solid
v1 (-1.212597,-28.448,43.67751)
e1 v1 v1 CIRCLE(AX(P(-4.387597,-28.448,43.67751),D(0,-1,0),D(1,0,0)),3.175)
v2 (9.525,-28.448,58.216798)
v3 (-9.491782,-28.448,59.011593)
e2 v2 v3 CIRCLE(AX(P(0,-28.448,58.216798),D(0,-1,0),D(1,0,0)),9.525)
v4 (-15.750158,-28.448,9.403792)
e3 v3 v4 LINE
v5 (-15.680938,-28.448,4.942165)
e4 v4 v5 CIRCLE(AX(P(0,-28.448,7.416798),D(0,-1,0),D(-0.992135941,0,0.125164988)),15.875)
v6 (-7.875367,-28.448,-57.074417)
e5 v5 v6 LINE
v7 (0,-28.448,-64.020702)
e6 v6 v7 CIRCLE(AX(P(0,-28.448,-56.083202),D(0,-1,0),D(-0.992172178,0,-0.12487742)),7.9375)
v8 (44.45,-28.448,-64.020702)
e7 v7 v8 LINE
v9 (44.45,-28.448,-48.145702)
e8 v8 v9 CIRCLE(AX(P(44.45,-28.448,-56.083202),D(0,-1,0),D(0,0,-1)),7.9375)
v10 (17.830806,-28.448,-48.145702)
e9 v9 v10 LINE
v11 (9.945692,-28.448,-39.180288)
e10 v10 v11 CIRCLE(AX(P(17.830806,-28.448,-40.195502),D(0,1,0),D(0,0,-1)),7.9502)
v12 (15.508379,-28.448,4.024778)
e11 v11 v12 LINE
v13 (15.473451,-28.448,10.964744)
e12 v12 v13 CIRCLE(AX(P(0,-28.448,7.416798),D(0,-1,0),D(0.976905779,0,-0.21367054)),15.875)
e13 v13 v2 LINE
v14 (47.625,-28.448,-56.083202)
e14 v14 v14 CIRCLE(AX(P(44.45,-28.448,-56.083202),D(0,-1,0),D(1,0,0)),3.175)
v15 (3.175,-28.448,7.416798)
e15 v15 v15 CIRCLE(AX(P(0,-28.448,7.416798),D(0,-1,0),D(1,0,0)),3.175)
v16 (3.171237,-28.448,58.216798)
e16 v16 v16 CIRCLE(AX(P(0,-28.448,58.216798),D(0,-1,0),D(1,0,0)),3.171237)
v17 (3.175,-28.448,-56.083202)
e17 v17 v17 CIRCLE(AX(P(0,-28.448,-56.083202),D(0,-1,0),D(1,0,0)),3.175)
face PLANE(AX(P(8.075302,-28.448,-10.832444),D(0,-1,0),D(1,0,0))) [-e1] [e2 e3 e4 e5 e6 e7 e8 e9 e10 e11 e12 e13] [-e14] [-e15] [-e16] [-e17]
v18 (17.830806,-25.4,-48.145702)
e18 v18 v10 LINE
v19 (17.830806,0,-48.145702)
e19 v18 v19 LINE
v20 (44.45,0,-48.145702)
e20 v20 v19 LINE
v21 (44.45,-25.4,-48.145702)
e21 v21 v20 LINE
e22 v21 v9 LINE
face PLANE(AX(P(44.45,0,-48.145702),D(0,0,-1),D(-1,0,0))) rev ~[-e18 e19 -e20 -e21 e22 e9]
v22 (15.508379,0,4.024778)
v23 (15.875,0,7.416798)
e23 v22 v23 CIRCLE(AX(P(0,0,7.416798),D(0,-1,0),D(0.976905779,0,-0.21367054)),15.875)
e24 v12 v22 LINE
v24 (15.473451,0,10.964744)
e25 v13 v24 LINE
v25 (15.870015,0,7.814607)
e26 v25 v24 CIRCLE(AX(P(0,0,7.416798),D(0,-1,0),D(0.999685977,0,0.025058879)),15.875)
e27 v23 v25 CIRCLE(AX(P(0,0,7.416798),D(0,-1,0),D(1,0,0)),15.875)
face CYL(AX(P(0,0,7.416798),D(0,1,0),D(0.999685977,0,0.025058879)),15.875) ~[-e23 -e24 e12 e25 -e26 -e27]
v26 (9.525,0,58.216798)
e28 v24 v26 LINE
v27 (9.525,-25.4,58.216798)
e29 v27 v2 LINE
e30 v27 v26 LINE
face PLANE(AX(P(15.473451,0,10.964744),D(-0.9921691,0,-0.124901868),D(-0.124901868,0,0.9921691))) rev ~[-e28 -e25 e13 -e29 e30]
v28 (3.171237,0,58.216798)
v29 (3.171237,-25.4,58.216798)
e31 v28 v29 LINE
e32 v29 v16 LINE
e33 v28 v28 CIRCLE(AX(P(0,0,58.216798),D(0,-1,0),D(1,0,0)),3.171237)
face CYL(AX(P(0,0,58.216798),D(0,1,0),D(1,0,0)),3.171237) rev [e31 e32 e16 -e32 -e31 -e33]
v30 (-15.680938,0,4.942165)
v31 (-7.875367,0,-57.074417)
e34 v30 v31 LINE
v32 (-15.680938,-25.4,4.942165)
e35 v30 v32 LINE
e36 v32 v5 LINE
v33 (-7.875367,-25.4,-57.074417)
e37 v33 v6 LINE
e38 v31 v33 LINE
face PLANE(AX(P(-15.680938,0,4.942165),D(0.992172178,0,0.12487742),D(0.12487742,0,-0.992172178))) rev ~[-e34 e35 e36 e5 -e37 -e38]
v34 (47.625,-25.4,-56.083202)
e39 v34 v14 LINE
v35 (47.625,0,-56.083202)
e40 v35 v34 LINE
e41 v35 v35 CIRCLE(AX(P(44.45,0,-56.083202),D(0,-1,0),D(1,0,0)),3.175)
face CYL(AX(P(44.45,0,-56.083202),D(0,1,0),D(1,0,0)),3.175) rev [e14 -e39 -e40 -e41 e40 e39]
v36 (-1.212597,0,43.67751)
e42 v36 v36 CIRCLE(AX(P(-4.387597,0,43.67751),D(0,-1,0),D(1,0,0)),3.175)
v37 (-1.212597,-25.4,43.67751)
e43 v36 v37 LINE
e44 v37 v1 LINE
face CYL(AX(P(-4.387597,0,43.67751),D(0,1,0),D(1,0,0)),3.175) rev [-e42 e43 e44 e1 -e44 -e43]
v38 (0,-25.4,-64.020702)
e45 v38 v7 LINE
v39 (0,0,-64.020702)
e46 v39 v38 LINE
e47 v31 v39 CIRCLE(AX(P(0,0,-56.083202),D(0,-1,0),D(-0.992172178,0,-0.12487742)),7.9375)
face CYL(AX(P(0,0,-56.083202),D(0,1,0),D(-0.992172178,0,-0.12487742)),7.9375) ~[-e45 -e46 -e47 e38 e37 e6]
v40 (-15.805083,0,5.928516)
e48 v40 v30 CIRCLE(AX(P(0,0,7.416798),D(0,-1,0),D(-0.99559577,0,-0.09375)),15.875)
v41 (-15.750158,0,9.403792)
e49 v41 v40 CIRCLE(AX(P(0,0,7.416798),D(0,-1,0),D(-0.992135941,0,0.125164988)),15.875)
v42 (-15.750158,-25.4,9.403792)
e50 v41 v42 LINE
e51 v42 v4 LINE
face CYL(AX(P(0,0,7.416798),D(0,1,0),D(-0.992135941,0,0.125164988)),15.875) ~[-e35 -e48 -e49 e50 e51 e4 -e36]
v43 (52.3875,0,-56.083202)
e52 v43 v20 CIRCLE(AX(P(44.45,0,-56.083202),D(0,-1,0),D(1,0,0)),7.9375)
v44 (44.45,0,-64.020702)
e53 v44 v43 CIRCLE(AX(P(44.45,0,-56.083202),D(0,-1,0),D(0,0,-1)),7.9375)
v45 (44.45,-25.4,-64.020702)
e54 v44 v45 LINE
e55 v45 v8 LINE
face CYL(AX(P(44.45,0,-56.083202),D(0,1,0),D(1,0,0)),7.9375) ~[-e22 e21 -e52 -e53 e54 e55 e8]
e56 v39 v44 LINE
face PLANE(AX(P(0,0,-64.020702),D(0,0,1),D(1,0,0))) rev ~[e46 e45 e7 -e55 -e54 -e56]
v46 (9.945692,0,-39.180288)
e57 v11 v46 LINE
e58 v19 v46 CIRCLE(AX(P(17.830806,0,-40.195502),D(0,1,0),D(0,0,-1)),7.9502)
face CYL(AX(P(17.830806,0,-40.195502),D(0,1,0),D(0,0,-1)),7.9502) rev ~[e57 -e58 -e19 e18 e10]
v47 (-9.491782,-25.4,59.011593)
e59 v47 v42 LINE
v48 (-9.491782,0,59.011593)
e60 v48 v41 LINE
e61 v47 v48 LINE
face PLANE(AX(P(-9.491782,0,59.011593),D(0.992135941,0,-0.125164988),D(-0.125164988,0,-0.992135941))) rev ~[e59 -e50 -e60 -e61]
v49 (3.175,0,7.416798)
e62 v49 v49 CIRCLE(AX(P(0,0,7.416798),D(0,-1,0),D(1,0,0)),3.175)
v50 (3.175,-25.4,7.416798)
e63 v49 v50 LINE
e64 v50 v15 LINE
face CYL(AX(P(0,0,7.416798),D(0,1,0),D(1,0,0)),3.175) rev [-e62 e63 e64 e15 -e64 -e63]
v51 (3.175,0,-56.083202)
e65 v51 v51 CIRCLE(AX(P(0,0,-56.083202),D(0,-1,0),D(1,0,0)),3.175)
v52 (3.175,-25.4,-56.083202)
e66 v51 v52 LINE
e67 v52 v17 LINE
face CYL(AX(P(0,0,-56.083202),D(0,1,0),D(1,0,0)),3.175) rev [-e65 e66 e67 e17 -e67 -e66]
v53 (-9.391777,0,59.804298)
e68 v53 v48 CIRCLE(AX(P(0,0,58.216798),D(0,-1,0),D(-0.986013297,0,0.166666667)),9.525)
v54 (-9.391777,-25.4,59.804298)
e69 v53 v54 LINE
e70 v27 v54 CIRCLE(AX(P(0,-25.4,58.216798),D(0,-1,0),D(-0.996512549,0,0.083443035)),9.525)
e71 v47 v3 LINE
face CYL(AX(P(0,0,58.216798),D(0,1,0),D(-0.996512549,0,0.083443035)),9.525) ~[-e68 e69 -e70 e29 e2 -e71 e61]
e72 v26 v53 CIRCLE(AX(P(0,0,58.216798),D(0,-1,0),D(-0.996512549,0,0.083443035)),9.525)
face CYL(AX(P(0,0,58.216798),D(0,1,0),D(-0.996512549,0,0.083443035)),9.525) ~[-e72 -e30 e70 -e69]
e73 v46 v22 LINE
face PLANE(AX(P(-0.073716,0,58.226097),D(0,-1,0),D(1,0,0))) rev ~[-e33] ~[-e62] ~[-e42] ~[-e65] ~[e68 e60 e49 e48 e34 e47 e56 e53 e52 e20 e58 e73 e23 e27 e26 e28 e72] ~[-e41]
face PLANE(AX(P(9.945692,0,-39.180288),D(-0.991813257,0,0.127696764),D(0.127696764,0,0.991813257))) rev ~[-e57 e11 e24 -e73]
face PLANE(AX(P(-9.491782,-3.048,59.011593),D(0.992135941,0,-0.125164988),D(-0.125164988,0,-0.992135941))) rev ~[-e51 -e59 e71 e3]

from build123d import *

# Parameters (mm, degrees)
F0_R        = 3.1712374005
F0_R_2      = 3.175
F1_DEPTH    = 3.048
F2_DEPTH    = 3.048
F3_DEPTH    = 3.048
F1_FACE_R   = 3.1712374005
F1_FACE_R_2 = 3.175
F4_DEPTH    = 25.4


with BuildPart() as f1:
    # F0 (on Front) → F1 (new body)
    with BuildSketch(Plane.XZ):
        with BuildLine():
            ThreePointArc((-9.4917820271, 59.0115925485), (-0.3977443851, 48.7001057545), (9.525, 58.2167976379))
            ThreePointArc((9.525, 58.2167976379), (0.7965401292, 67.7084333675), (-9.3917766557, 59.8042976379))
            Line((-9.3917766557, 59.8042976379), (-9.4917820271, 59.0115925485))
        make_face()
        with Locations((0, 58.2167976379)):
            Circle(F0_R, mode=Mode.SUBTRACT)
        with BuildLine():
            Line((15.4734514542, 10.9647442403), (9.525, 58.2167976379))
            ThreePointArc((9.525, 58.2167976379), (-0.3977443851, 48.7001057545), (-9.4917820271, 59.0115925485))
            Line((-9.4917820271, 59.0115925485), (-15.7501580655, 9.4037918285))
            ThreePointArc((-15.7501580655, 9.4037918285), (-0.7926441479, 23.2719967933), (15.4734514542, 10.9647442403))
        make_face()
        with Locations((-4.3875967011, 43.6775095756)):
            Circle(F0_R_2, mode=Mode.SUBTRACT)
        with BuildLine():
            Line((-9.4917820271, 59.0115925485), (-9.3917766557, 59.8042976379))
            ThreePointArc((-9.3917766557, 59.8042976379), (-9.4500948393, 59.4089941523), (-9.4917820271, 59.0115925485))
        make_face()
        with BuildLine():
            Line((15.8700148845, 7.8146073471), (15.4734514542, 10.9647442403))
            ThreePointArc((15.4734514542, 10.9647442403), (-0.7926441479, 23.2719967933), (-15.7501580655, 9.4037918285))
            ThreePointArc((-15.7501580655, 9.4037918285), (-15.8730177398, 7.6676618089), (-15.8050828508, 5.9285163879))
            Line((-15.8050828508, 5.9285163879), (-15.6809380298, 4.942164836))
            ThreePointArc((-15.6809380298, 4.942164836), (-0.466737478, -8.4513396543), (15.5083792346, 4.0247778098))
            ThreePointArc((15.5083792346, 4.0247778098), (15.7830786818, 5.7109100903), (15.875, 7.4167976379))
            ThreePointArc((15.875, 7.4167976379), (15.8737536722, 7.6157181095), (15.8700148845, 7.8146073471))
        make_face()
        with Locations((0, 7.4167976379)):
            Circle(F0_R_2, mode=Mode.SUBTRACT)
        with BuildLine():
            ThreePointArc((15.8700148845, 7.8146073471), (15.7506844659, 9.3996147894), (15.4734514542, 10.9647442403))
            Line((15.4734514542, 10.9647442403), (15.8700148845, 7.8146073471))
        make_face()
        with BuildLine():
            Line((-15.6809380298, 4.942164836), (-15.8050828508, 5.9285163879))
            ThreePointArc((-15.8050828508, 5.9285163879), (-15.7507333185, 5.43436859), (-15.6809380298, 4.942164836))
        make_face()
        with BuildLine():
            ThreePointArc((15.5083792346, 4.0247778098), (-0.466737478, -8.4513396543), (-15.6809380298, 4.942164836))
            Line((-15.6809380298, 4.942164836), (-7.8753666592, -57.074416886))
            ThreePointArc((-7.8753666592, -57.074416886), (-0.4965799997, -48.1612509261), (7.9375, -56.0832023621))
            ThreePointArc((7.9375, -56.0832023621), (5.6126600757, -61.6958624377), (0, -64.0207023621))
            Line((0, -64.0207023621), (44.45, -64.0207023621))
            ThreePointArc((44.45, -64.0207023621), (36.5125, -56.0832023621), (44.45, -48.1457023621))
            Line((44.45, -48.1457023621), (17.8308056521, -48.1457023621))
            ThreePointArc((17.8308056521, -48.1457023621), (11.8610133248, -45.4459556386), (9.9456918977, -39.1802875471))
            Line((9.9456918977, -39.1802875471), (15.5083792346, 4.0247778098))
        make_face()
        with BuildLine():
            ThreePointArc((7.9375, -56.0832023621), (-0.4965799997, -48.1612509261), (-7.8753666592, -57.074416886))
            ThreePointArc((-7.8753666592, -57.074416886), (-5.2505304954, -62.0360030279), (0, -64.0207023621))
            ThreePointArc((0, -64.0207023621), (5.6126600757, -61.6958624377), (7.9375, -56.0832023621))
        make_face()
        with Locations((0, -56.0832023621)):
            Circle(F0_R_2, mode=Mode.SUBTRACT)
        with BuildLine():
            ThreePointArc((44.45, -48.1457023621), (36.5125, -56.0832023621), (44.45, -64.0207023621))
            ThreePointArc((44.45, -64.0207023621), (50.0626600757, -61.6958624377), (52.3875, -56.0832023621))
            ThreePointArc((52.3875, -56.0832023621), (50.0626600757, -50.4705422864), (44.45, -48.1457023621))
        make_face()
        with Locations((44.45, -56.0832023621)):
            Circle(F0_R_2, mode=Mode.SUBTRACT)
    extrude(amount=F1_DEPTH)

    # F0 (on Front) → F2 (join)
    with BuildSketch(Plane.XZ):
        with BuildLine():
            ThreePointArc((-9.4917820271, 59.0115925485), (-0.3977443851, 48.7001057545), (9.525, 58.2167976379))
            ThreePointArc((9.525, 58.2167976379), (0.7965401292, 67.7084333675), (-9.3917766557, 59.8042976379))
            Line((-9.3917766557, 59.8042976379), (-9.4917820271, 59.0115925485))
        make_face()
        with Locations((0, 58.2167976379)):
            Circle(F0_R, mode=Mode.SUBTRACT)
        with BuildLine():
            Line((15.4734514542, 10.9647442403), (9.525, 58.2167976379))
            ThreePointArc((9.525, 58.2167976379), (-0.3977443851, 48.7001057545), (-9.4917820271, 59.0115925485))
            Line((-9.4917820271, 59.0115925485), (-15.7501580655, 9.4037918285))
            ThreePointArc((-15.7501580655, 9.4037918285), (-0.7926441479, 23.2719967933), (15.4734514542, 10.9647442403))
        make_face()
        with Locations((-4.3875967011, 43.6775095756)):
            Circle(F0_R_2, mode=Mode.SUBTRACT)
        with BuildLine():
            Line((-9.4917820271, 59.0115925485), (-9.3917766557, 59.8042976379))
            ThreePointArc((-9.3917766557, 59.8042976379), (-9.4500948393, 59.4089941523), (-9.4917820271, 59.0115925485))
        make_face()
        with BuildLine():
            Line((15.8700148845, 7.8146073471), (15.4734514542, 10.9647442403))
            ThreePointArc((15.4734514542, 10.9647442403), (-0.7926441479, 23.2719967933), (-15.7501580655, 9.4037918285))
            ThreePointArc((-15.7501580655, 9.4037918285), (-15.8730177398, 7.6676618089), (-15.8050828508, 5.9285163879))
            Line((-15.8050828508, 5.9285163879), (-15.6809380298, 4.942164836))
            ThreePointArc((-15.6809380298, 4.942164836), (-0.466737478, -8.4513396543), (15.5083792346, 4.0247778098))
            ThreePointArc((15.5083792346, 4.0247778098), (15.7830786818, 5.7109100903), (15.875, 7.4167976379))
            ThreePointArc((15.875, 7.4167976379), (15.8737536722, 7.6157181095), (15.8700148845, 7.8146073471))
        make_face()
        with Locations((0, 7.4167976379)):
            Circle(F0_R_2, mode=Mode.SUBTRACT)
        with BuildLine():
            ThreePointArc((15.8700148845, 7.8146073471), (15.7506844659, 9.3996147894), (15.4734514542, 10.9647442403))
            Line((15.4734514542, 10.9647442403), (15.8700148845, 7.8146073471))
        make_face()
        with BuildLine():
            Line((-15.6809380298, 4.942164836), (-15.8050828508, 5.9285163879))
            ThreePointArc((-15.8050828508, 5.9285163879), (-15.7507333185, 5.43436859), (-15.6809380298, 4.942164836))
        make_face()
        with BuildLine():
            ThreePointArc((15.5083792346, 4.0247778098), (-0.466737478, -8.4513396543), (-15.6809380298, 4.942164836))
            Line((-15.6809380298, 4.942164836), (-7.8753666592, -57.074416886))
            ThreePointArc((-7.8753666592, -57.074416886), (-0.4965799997, -48.1612509261), (7.9375, -56.0832023621))
            ThreePointArc((7.9375, -56.0832023621), (5.6126600757, -61.6958624377), (0, -64.0207023621))
            Line((0, -64.0207023621), (44.45, -64.0207023621))
            ThreePointArc((44.45, -64.0207023621), (36.5125, -56.0832023621), (44.45, -48.1457023621))
            Line((44.45, -48.1457023621), (17.8308056521, -48.1457023621))
            ThreePointArc((17.8308056521, -48.1457023621), (11.8610133248, -45.4459556386), (9.9456918977, -39.1802875471))
            Line((9.9456918977, -39.1802875471), (15.5083792346, 4.0247778098))
        make_face()
        with BuildLine():
            ThreePointArc((7.9375, -56.0832023621), (-0.4965799997, -48.1612509261), (-7.8753666592, -57.074416886))
            ThreePointArc((-7.8753666592, -57.074416886), (-5.2505304954, -62.0360030279), (0, -64.0207023621))
            ThreePointArc((0, -64.0207023621), (5.6126600757, -61.6958624377), (7.9375, -56.0832023621))
        make_face()
        with Locations((0, -56.0832023621)):
            Circle(F0_R_2, mode=Mode.SUBTRACT)
        with BuildLine():
            ThreePointArc((44.45, -48.1457023621), (36.5125, -56.0832023621), (44.45, -64.0207023621))
            ThreePointArc((44.45, -64.0207023621), (50.0626600757, -61.6958624377), (52.3875, -56.0832023621))
            ThreePointArc((52.3875, -56.0832023621), (50.0626600757, -50.4705422864), (44.45, -48.1457023621))
        make_face()
        with Locations((44.45, -56.0832023621)):
            Circle(F0_R_2, mode=Mode.SUBTRACT)
    extrude(amount=F2_DEPTH)

    # F0 (on Front) → F3 (join)
    with BuildSketch(Plane.XZ):
        with BuildLine():
            ThreePointArc((-9.4917820271, 59.0115925485), (-0.3977443851, 48.7001057545), (9.525, 58.2167976379))
            ThreePointArc((9.525, 58.2167976379), (0.7965401292, 67.7084333675), (-9.3917766557, 59.8042976379))
            Line((-9.3917766557, 59.8042976379), (-9.4917820271, 59.0115925485))
        make_face()
        with Locations((0, 58.2167976379)):
            Circle(F0_R, mode=Mode.SUBTRACT)
        with BuildLine():
            Line((15.4734514542, 10.9647442403), (9.525, 58.2167976379))
            ThreePointArc((9.525, 58.2167976379), (-0.3977443851, 48.7001057545), (-9.4917820271, 59.0115925485))
            Line((-9.4917820271, 59.0115925485), (-15.7501580655, 9.4037918285))
            ThreePointArc((-15.7501580655, 9.4037918285), (-0.7926441479, 23.2719967933), (15.4734514542, 10.9647442403))
        make_face()
        with Locations((-4.3875967011, 43.6775095756)):
            Circle(F0_R_2, mode=Mode.SUBTRACT)
        with BuildLine():
            Line((-9.4917820271, 59.0115925485), (-9.3917766557, 59.8042976379))
            ThreePointArc((-9.3917766557, 59.8042976379), (-9.4500948393, 59.4089941523), (-9.4917820271, 59.0115925485))
        make_face()
        with BuildLine():
            Line((15.8700148845, 7.8146073471), (15.4734514542, 10.9647442403))
            ThreePointArc((15.4734514542, 10.9647442403), (-0.7926441479, 23.2719967933), (-15.7501580655, 9.4037918285))
            ThreePointArc((-15.7501580655, 9.4037918285), (-15.8730177398, 7.6676618089), (-15.8050828508, 5.9285163879))
            Line((-15.8050828508, 5.9285163879), (-15.6809380298, 4.942164836))
            ThreePointArc((-15.6809380298, 4.942164836), (-0.466737478, -8.4513396543), (15.5083792346, 4.0247778098))
            ThreePointArc((15.5083792346, 4.0247778098), (15.7830786818, 5.7109100903), (15.875, 7.4167976379))
            ThreePointArc((15.875, 7.4167976379), (15.8737536722, 7.6157181095), (15.8700148845, 7.8146073471))
        make_face()
        with Locations((0, 7.4167976379)):
            Circle(F0_R_2, mode=Mode.SUBTRACT)
        with BuildLine():
            ThreePointArc((15.8700148845, 7.8146073471), (15.7506844659, 9.3996147894), (15.4734514542, 10.9647442403))
            Line((15.4734514542, 10.9647442403), (15.8700148845, 7.8146073471))
        make_face()
        with BuildLine():
            Line((-15.6809380298, 4.942164836), (-15.8050828508, 5.9285163879))
            ThreePointArc((-15.8050828508, 5.9285163879), (-15.7507333185, 5.43436859), (-15.6809380298, 4.942164836))
        make_face()
        with BuildLine():
            ThreePointArc((15.5083792346, 4.0247778098), (-0.466737478, -8.4513396543), (-15.6809380298, 4.942164836))
            Line((-15.6809380298, 4.942164836), (-7.8753666592, -57.074416886))
            ThreePointArc((-7.8753666592, -57.074416886), (-0.4965799997, -48.1612509261), (7.9375, -56.0832023621))
            ThreePointArc((7.9375, -56.0832023621), (5.6126600757, -61.6958624377), (0, -64.0207023621))
            Line((0, -64.0207023621), (44.45, -64.0207023621))
            ThreePointArc((44.45, -64.0207023621), (36.5125, -56.0832023621), (44.45, -48.1457023621))
            Line((44.45, -48.1457023621), (17.8308056521, -48.1457023621))
            ThreePointArc((17.8308056521, -48.1457023621), (11.8610133248, -45.4459556386), (9.9456918977, -39.1802875471))
            Line((9.9456918977, -39.1802875471), (15.5083792346, 4.0247778098))
        make_face()
        with BuildLine():
            ThreePointArc((7.9375, -56.0832023621), (-0.4965799997, -48.1612509261), (-7.8753666592, -57.074416886))
            ThreePointArc((-7.8753666592, -57.074416886), (-5.2505304954, -62.0360030279), (0, -64.0207023621))
            ThreePointArc((0, -64.0207023621), (5.6126600757, -61.6958624377), (7.9375, -56.0832023621))
        make_face()
        with Locations((0, -56.0832023621)):
            Circle(F0_R_2, mode=Mode.SUBTRACT)
        with BuildLine():
            ThreePointArc((44.45, -48.1457023621), (36.5125, -56.0832023621), (44.45, -64.0207023621))
            ThreePointArc((44.45, -64.0207023621), (50.0626600757, -61.6958624377), (52.3875, -56.0832023621))
            ThreePointArc((52.3875, -56.0832023621), (50.0626600757, -50.4705422864), (44.45, -48.1457023621))
        make_face()
        with Locations((44.45, -56.0832023621)):
            Circle(F0_R_2, mode=Mode.SUBTRACT)
    extrude(amount=F3_DEPTH)

    # F0 (on Front) + F1_face (on face) → F4 (join)
    with BuildSketch(Plane.XZ):
        with BuildLine():
            ThreePointArc((-9.4917820271, 59.0115925485), (-0.3977443851, 48.7001057545), (9.525, 58.2167976379))
            ThreePointArc((9.525, 58.2167976379), (0.7965401292, 67.7084333675), (-9.3917766557, 59.8042976379))
            Line((-9.3917766557, 59.8042976379), (-9.4917820271, 59.0115925485))
        make_face()
        with Locations((0, 58.2167976379)):
            Circle(F0_R, mode=Mode.SUBTRACT)
        with BuildLine():
            Line((15.4734514542, 10.9647442403), (9.525, 58.2167976379))
            ThreePointArc((9.525, 58.2167976379), (-0.3977443851, 48.7001057545), (-9.4917820271, 59.0115925485))
            Line((-9.4917820271, 59.0115925485), (-15.7501580655, 9.4037918285))
            ThreePointArc((-15.7501580655, 9.4037918285), (-0.7926441479, 23.2719967933), (15.4734514542, 10.9647442403))
        make_face()
        with Locations((-4.3875967011, 43.6775095756)):
            Circle(F0_R_2, mode=Mode.SUBTRACT)
        with BuildLine():
            Line((-9.4917820271, 59.0115925485), (-9.3917766557, 59.8042976379))
            ThreePointArc((-9.3917766557, 59.8042976379), (-9.4500948393, 59.4089941523), (-9.4917820271, 59.0115925485))
        make_face()
        with BuildLine():
            Line((15.8700148845, 7.8146073471), (15.4734514542, 10.9647442403))
            ThreePointArc((15.4734514542, 10.9647442403), (-0.7926441479, 23.2719967933), (-15.7501580655, 9.4037918285))
            ThreePointArc((-15.7501580655, 9.4037918285), (-15.8730177398, 7.6676618089), (-15.8050828508, 5.9285163879))
            Line((-15.8050828508, 5.9285163879), (-15.6809380298, 4.942164836))
            ThreePointArc((-15.6809380298, 4.942164836), (-0.466737478, -8.4513396543), (15.5083792346, 4.0247778098))
            ThreePointArc((15.5083792346, 4.0247778098), (15.7830786818, 5.7109100903), (15.875, 7.4167976379))
            ThreePointArc((15.875, 7.4167976379), (15.8737536722, 7.6157181095), (15.8700148845, 7.8146073471))
        make_face()
        with Locations((0, 7.4167976379)):
            Circle(F0_R_2, mode=Mode.SUBTRACT)
        with BuildLine():
            ThreePointArc((15.8700148845, 7.8146073471), (15.7506844659, 9.3996147894), (15.4734514542, 10.9647442403))
            Line((15.4734514542, 10.9647442403), (15.8700148845, 7.8146073471))
        make_face()
        with BuildLine():
            Line((-15.6809380298, 4.942164836), (-15.8050828508, 5.9285163879))
            ThreePointArc((-15.8050828508, 5.9285163879), (-15.7507333185, 5.43436859), (-15.6809380298, 4.942164836))
        make_face()
        with BuildLine():
            ThreePointArc((15.5083792346, 4.0247778098), (-0.466737478, -8.4513396543), (-15.6809380298, 4.942164836))
            Line((-15.6809380298, 4.942164836), (-7.8753666592, -57.074416886))
            ThreePointArc((-7.8753666592, -57.074416886), (-0.4965799997, -48.1612509261), (7.9375, -56.0832023621))
            ThreePointArc((7.9375, -56.0832023621), (5.6126600757, -61.6958624377), (0, -64.0207023621))
            Line((0, -64.0207023621), (44.45, -64.0207023621))
            ThreePointArc((44.45, -64.0207023621), (36.5125, -56.0832023621), (44.45, -48.1457023621))
            Line((44.45, -48.1457023621), (17.8308056521, -48.1457023621))
            ThreePointArc((17.8308056521, -48.1457023621), (11.8610133248, -45.4459556386), (9.9456918977, -39.1802875471))
            Line((9.9456918977, -39.1802875471), (15.5083792346, 4.0247778098))
        make_face()
        with BuildLine():
            ThreePointArc((7.9375, -56.0832023621), (-0.4965799997, -48.1612509261), (-7.8753666592, -57.074416886))
            ThreePointArc((-7.8753666592, -57.074416886), (-5.2505304954, -62.0360030279), (0, -64.0207023621))
            ThreePointArc((0, -64.0207023621), (5.6126600757, -61.6958624377), (7.9375, -56.0832023621))
        make_face()
        with Locations((0, -56.0832023621)):
            Circle(F0_R_2, mode=Mode.SUBTRACT)
        with BuildLine():
            ThreePointArc((44.45, -48.1457023621), (36.5125, -56.0832023621), (44.45, -64.0207023621))
            ThreePointArc((44.45, -64.0207023621), (50.0626600757, -61.6958624377), (52.3875, -56.0832023621))
            ThreePointArc((52.3875, -56.0832023621), (50.0626600757, -50.4705422864), (44.45, -48.1457023621))
        make_face()
        with Locations((44.45, -56.0832023621)):
            Circle(F0_R_2, mode=Mode.SUBTRACT)
    with BuildSketch(Plane(origin=(5.2109211205, -3.048, -7.8157701238), x_dir=(1, 0, 0), z_dir=(0, -1, 0))):
        with BuildLine():
            ThreePointArc((4.3140788795, 66.0325677618), (-4.8131767354, 75.5492596452), (-14.7027031477, 66.8273626723))
            Line((-14.7027031477, 66.8273626723), (-20.961079186, 17.2195619523))
            ThreePointArc((-20.961079186, 17.2195619523), (-21.0840109046, 14.9863042704), (-20.8918591504, 12.7579349598))
            Line((-20.8918591504, 12.7579349598), (-13.0862877798, -49.2586467622))
            ThreePointArc((-13.0862877798, -49.2586467622), (-10.4614516159, -54.220232904), (-5.2109211205, -56.2049322382))
            Line((-5.2109211205, -56.2049322382), (39.2390788795, -56.2049322382))
            ThreePointArc((39.2390788795, -56.2049322382), (47.1765788795, -48.2674322382), (39.2390788795, -40.3299322382))
            Line((39.2390788795, -40.3299322382), (12.6198845315, -40.3299322382))
            ThreePointArc((12.6198845315, -40.3299322382), (6.6500922043, -37.6301855148), (4.7347707772, -31.3645174233))
            Line((4.7347707772, -31.3645174233), (10.2974581141, 11.8405479336))
            ThreePointArc((10.2974581141, 11.8405479336), (10.6638778301, 15.3124631758), (10.2625303337, 18.7805143641))
            Line((10.2625303337, 18.7805143641), (4.3140788795, 66.0325677618))
        make_face()
        with Locations((-5.2109211205, 66.0325677618)):
            Circle(F1_FACE_R, mode=Mode.SUBTRACT)
        with Locations((-9.5985178216, 51.4932796995)):
            Circle(F1_FACE_R_2, mode=Mode.SUBTRACT)
        with Locations((-5.2109211205, 15.2325677618)):
            Circle(F1_FACE_R_2, mode=Mode.SUBTRACT)
        with Locations((-5.2109211205, -48.2674322382)):
            Circle(F1_FACE_R_2, mode=Mode.SUBTRACT)
        with Locations((39.2390788795, -48.2674322382)):
            Circle(F1_FACE_R_2, mode=Mode.SUBTRACT)
    extrude(amount=F4_DEPTH)


solid = f1.part
